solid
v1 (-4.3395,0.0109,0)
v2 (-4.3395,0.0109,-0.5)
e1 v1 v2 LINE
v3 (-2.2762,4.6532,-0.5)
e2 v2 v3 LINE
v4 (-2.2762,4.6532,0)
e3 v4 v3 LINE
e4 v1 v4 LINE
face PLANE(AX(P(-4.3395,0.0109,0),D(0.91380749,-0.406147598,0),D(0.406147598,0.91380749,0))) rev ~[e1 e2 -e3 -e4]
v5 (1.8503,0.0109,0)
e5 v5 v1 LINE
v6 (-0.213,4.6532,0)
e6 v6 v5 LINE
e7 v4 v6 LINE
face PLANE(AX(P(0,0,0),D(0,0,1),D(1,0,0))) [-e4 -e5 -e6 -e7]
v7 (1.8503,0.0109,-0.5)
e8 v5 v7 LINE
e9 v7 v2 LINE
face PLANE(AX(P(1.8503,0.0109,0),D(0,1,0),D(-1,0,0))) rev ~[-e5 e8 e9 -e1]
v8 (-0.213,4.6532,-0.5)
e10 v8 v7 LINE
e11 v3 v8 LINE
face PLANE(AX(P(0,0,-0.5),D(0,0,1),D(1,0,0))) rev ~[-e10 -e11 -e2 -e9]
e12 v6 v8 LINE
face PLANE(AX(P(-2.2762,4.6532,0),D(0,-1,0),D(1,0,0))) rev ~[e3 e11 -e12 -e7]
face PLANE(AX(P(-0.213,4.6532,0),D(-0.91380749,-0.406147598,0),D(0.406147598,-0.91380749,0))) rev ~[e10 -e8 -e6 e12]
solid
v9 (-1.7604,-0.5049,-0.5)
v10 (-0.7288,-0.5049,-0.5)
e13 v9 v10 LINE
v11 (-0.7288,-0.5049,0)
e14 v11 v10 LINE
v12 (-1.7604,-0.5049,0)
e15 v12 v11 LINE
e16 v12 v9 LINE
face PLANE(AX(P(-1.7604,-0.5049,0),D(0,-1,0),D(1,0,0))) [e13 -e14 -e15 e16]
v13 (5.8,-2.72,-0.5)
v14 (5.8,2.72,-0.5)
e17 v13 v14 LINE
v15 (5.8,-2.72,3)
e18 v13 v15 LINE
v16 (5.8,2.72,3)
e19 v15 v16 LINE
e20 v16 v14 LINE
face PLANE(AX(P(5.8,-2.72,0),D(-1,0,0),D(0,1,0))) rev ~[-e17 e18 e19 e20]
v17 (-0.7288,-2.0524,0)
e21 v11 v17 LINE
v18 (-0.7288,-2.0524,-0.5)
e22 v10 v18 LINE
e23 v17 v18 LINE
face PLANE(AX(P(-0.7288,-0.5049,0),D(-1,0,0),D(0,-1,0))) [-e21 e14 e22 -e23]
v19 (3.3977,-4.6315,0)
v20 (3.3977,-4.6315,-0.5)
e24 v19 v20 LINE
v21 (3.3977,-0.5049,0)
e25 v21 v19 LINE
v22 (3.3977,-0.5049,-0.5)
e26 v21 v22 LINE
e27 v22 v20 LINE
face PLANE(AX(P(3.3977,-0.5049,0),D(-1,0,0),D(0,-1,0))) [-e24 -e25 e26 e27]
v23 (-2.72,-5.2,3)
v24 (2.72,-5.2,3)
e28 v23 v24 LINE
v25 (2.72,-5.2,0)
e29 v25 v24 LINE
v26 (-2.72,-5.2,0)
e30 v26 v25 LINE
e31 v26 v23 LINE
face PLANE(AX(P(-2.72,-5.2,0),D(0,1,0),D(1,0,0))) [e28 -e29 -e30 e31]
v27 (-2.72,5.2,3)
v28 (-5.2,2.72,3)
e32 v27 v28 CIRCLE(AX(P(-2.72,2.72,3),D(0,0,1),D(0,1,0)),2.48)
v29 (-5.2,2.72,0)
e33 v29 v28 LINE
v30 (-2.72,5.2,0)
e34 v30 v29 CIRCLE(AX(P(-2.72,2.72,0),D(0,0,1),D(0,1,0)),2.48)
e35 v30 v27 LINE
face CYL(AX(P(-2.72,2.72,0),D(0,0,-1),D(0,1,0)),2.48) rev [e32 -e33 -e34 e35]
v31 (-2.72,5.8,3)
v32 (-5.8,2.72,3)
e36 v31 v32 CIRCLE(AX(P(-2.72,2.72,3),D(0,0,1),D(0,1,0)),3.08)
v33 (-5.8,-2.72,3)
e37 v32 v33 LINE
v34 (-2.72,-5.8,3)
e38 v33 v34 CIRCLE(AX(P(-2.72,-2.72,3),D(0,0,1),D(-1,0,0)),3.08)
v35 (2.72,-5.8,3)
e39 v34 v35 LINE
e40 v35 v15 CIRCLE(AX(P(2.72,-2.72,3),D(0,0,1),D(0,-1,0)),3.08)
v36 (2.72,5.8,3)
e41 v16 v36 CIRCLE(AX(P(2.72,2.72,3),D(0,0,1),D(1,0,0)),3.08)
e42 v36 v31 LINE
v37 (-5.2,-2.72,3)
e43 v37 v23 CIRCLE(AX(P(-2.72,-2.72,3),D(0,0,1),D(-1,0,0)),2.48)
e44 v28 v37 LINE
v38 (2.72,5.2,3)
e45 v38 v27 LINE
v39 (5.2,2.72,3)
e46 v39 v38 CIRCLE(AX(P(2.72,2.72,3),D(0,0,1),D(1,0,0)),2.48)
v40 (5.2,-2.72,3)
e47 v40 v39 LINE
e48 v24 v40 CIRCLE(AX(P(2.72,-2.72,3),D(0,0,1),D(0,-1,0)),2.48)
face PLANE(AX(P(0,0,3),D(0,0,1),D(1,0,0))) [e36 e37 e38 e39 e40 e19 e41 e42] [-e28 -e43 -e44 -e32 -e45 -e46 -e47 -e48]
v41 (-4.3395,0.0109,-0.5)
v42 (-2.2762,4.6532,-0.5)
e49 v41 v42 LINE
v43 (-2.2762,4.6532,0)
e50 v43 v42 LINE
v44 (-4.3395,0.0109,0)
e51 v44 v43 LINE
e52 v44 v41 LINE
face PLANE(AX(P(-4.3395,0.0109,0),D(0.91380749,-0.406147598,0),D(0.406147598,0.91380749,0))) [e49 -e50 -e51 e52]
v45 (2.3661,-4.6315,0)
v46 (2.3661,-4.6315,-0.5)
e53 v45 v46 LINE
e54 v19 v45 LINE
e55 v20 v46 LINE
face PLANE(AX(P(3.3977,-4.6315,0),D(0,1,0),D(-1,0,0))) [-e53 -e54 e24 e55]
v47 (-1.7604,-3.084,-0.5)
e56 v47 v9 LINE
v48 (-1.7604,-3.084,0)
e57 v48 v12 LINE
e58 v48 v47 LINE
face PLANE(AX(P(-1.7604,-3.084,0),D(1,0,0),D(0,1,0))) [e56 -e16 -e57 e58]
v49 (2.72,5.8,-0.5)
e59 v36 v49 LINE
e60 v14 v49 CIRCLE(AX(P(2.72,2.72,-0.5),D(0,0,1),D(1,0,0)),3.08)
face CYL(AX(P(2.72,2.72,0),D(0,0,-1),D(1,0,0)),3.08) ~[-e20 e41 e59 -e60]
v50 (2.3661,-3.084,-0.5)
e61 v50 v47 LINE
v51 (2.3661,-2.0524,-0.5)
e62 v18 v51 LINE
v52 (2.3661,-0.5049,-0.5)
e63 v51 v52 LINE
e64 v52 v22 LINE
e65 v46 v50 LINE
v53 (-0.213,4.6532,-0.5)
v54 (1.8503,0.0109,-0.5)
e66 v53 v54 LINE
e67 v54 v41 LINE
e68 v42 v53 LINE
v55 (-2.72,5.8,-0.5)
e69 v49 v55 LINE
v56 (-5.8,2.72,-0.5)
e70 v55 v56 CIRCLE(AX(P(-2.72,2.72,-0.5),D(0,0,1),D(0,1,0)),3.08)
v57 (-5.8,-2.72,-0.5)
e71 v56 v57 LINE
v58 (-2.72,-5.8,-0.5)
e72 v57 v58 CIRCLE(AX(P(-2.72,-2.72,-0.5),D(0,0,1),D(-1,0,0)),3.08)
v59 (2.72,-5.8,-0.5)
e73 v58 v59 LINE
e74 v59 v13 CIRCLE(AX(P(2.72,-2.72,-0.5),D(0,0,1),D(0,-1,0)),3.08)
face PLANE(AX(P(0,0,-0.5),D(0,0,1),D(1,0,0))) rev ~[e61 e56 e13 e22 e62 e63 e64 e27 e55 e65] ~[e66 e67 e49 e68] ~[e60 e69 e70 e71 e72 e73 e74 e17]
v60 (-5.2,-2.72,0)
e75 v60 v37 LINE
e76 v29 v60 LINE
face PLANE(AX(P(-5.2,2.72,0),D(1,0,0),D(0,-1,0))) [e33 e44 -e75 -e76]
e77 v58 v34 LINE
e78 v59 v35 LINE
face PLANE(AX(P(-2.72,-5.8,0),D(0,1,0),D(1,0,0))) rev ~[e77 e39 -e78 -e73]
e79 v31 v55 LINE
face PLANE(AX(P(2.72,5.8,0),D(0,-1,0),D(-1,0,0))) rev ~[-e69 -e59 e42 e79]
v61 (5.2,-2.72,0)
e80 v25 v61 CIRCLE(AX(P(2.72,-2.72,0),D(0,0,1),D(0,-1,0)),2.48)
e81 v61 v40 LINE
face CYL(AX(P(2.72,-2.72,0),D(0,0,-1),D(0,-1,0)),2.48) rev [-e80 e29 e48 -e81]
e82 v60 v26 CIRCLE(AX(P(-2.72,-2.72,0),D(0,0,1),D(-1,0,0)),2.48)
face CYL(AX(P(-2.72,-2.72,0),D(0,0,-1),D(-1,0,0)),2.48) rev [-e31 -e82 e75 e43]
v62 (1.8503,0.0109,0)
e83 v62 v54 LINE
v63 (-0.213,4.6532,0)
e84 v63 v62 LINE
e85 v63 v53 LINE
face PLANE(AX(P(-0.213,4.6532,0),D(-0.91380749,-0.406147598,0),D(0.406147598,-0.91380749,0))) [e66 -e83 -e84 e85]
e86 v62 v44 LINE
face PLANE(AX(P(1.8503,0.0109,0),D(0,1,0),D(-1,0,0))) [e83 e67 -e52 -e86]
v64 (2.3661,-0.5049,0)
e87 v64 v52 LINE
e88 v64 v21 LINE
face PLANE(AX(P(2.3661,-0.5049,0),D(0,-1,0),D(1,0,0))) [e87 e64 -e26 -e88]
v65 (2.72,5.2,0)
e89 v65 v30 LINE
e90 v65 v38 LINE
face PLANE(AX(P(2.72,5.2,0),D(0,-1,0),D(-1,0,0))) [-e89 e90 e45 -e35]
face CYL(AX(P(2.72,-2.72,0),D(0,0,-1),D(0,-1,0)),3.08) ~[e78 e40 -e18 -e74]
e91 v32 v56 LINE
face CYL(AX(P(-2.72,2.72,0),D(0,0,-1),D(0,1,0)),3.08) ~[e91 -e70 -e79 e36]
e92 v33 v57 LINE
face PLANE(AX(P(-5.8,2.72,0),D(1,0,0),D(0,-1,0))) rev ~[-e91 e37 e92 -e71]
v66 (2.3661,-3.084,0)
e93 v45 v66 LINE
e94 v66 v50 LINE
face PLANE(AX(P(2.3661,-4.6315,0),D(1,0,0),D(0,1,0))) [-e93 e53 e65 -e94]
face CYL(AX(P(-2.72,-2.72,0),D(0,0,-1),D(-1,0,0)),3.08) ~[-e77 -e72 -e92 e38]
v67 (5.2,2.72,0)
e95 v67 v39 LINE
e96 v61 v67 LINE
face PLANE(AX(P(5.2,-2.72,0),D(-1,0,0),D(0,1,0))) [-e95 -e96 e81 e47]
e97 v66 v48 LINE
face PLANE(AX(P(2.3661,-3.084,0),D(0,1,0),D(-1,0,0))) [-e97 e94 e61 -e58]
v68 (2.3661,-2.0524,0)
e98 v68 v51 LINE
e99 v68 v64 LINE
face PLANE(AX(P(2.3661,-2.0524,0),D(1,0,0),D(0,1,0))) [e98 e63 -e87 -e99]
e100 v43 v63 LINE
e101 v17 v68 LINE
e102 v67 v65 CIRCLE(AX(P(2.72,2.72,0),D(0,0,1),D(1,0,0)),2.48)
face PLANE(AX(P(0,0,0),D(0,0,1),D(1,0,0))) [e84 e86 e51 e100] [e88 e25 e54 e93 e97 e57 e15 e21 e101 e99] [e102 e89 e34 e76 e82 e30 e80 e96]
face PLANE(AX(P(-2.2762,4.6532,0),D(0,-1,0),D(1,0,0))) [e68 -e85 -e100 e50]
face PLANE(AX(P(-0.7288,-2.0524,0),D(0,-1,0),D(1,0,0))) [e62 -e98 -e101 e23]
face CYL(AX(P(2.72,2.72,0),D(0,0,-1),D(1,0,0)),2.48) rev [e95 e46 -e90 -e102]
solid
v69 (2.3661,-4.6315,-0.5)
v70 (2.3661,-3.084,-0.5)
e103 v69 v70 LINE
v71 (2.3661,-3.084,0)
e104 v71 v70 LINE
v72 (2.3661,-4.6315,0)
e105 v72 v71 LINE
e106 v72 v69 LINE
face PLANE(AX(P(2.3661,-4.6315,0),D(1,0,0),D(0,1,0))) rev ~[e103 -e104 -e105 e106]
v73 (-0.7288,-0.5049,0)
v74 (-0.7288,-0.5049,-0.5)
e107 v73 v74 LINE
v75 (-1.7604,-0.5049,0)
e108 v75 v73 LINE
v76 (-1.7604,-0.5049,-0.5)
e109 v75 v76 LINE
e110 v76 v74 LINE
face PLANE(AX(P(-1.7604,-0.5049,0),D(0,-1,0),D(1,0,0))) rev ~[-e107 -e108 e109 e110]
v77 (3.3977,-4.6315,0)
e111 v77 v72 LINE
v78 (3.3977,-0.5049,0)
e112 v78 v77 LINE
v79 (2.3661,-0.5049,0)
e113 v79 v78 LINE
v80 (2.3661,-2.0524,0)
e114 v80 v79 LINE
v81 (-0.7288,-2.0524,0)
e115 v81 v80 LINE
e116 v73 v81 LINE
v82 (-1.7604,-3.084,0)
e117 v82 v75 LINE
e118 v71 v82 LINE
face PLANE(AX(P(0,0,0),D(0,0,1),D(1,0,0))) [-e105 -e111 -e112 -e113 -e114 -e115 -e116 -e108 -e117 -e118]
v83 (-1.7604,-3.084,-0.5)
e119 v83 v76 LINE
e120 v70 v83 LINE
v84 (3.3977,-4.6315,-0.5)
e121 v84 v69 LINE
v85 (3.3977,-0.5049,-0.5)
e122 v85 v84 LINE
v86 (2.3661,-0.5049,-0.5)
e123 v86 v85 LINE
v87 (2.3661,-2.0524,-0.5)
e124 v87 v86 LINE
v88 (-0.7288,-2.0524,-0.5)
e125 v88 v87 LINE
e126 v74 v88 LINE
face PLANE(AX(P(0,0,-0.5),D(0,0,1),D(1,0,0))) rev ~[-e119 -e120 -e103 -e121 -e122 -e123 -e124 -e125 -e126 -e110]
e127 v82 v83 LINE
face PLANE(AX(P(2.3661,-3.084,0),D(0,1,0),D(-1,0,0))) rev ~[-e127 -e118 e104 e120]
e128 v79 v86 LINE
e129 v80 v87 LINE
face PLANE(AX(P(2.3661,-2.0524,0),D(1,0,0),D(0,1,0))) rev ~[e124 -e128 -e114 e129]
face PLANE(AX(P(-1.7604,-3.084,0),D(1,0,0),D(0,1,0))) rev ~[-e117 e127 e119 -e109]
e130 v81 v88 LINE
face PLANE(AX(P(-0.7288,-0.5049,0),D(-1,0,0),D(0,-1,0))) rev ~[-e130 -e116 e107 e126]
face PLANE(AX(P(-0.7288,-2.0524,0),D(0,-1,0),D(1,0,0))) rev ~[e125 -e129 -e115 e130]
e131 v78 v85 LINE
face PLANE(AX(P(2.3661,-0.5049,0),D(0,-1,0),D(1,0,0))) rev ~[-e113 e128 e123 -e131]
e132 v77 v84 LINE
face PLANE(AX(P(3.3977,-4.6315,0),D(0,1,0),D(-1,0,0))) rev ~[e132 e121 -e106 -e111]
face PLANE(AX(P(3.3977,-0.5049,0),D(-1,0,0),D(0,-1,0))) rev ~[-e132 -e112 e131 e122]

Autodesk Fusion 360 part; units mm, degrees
sketch "Sketch1" plane through (0, 0, 0) normal (0, 0, 1) x (1, 0, 0)
  line L0 (2.72, 5) -> (-2.72, 5)
  line L1 (-5, 2.72) -> (-5, -2.72)
  line L2 (-2.72, -5) -> (2.72, -5)
  line L3 (5, -2.72) -> (5, 2.72)
  line L4 (5, 5) -> (-5, -5) construction
  line L5 (-5, 5) -> (5, -5) construction
  arc A0 (5, 2.72) -> (2.72, 5) centre (2.72, 2.72) ccw
  arc A1 (2.72, -5) -> (5, -2.72) centre (2.72, -2.72) ccw
  arc A2 (-5, -2.72) -> (-2.72, -5) centre (-2.72, -2.72) ccw
  arc A3 (-2.72, 5) -> (-5, 2.72) centre (-2.72, 2.72) ccw
  line L6 (-2.72, -5.2) -> (2.72, -5.2)
  arc A4 (2.72, -5.2) -> (5.2, -2.72) centre (2.72, -2.72) ccw
  line L7 (5.2, -2.72) -> (5.2, 2.72)
  arc A5 (5.2, 2.72) -> (2.72, 5.2) centre (2.72, 2.72) ccw
  line L8 (2.72, 5.2) -> (-2.72, 5.2)
  arc A6 (-2.72, 5.2) -> (-5.2, 2.72) centre (-2.72, 2.72) ccw
  line L9 (-5.2, 2.72) -> (-5.2, -2.72)
  arc A7 (-5.2, -2.72) -> (-2.72, -5.2) centre (-2.72, -2.72) ccw
  line L10 (-2.72, -5.8) -> (2.72, -5.8)
  arc A8 (2.72, -5.8) -> (5.8, -2.72) centre (2.72, -2.72) ccw
  line L11 (5.8, -2.72) -> (5.8, 2.72)
  arc A9 (5.8, 2.72) -> (2.72, 5.8) centre (2.72, 2.72) ccw
  line L12 (2.72, 5.8) -> (-2.72, 5.8)
  arc A10 (-2.72, 5.8) -> (-5.8, 2.72) centre (-2.72, 2.72) ccw
  line L13 (-5.8, 2.72) -> (-5.8, -2.72)
  arc A11 (-5.8, -2.72) -> (-2.72, -5.8) centre (-2.72, -2.72) ccw
  dimension "d1" = 10
  dimension "d2" = 10
  dimension "d3" = 2.28
  dimension "d4" = 0.2
  dimension "d5" = 0.8
extrude "Extrude1" add sketch "Sketch1" along normal blind 3 contours L10 A8 L11 A9 L12 A10 L13 A11 makes body 1
extrude "Extrude2" add sketch "Sketch1" against normal blind 0.5 contours L0 L1 L2 L3 A0 A1 A2 A3 | L6 A4 L7 A5 L8 A6 L9 A7 | L10 A8 L11 A9 L12 A10 L13 A11 bodies 1
sketch "Sketch3" plane through (0, 0, 0) normal (0, 0, 1) x (1, 0, 0)
  line L0 (-2.72, -5.2) -> (2.72, -5.2)
  arc A0 (2.72, -5.2) -> (5.2, -2.72) centre (2.72, -2.72) ccw
  line L1 (5.2, -2.72) -> (5.2, 2.72)
  arc A1 (5.2, 2.72) -> (2.72, 5.2) centre (2.72, 2.72) ccw
  line L2 (2.72, 5.2) -> (-2.72, 5.2)
  arc A2 (-2.72, 5.2) -> (-5.2, 2.72) centre (-2.72, 2.72) ccw
  line L3 (-5.2, 2.72) -> (-5.2, -2.72)
  arc A3 (-5.2, -2.72) -> (-2.72, -5.2) centre (-2.72, -2.72) ccw
  line L4 (-0.213, 4.6532) -> (1.8503, 0.0109)
  line L5 (1.8503, 0.0109) -> (-4.3395, 0.0109)
  line L6 (-4.3395, 0.0109) -> (-2.2762, 4.6532)
  line L7 (-2.2762, 4.6532) -> (-0.213, 4.6532)
  line L8 (3.3977, -0.5049) -> (3.3977, -4.6315)
  line L9 (3.3977, -4.6315) -> (2.3661, -4.6315)
  line L10 (2.3661, -4.6315) -> (2.3661, -3.084)
  line L11 (2.3661, -3.084) -> (-1.7604, -3.084)
  line L12 (-1.7604, -3.084) -> (-1.7604, -0.5049)
  line L13 (-1.7604, -0.5049) -> (-0.7288, -0.5049)
  line L14 (-0.7288, -0.5049) -> (-0.7288, -2.0524)
  line L15 (-0.7288, -2.0524) -> (2.3661, -2.0524)
  line L16 (2.3661, -2.0524) -> (2.3661, -0.5049)
  line L17 (2.3661, -0.5049) -> (3.3977, -0.5049)
extrude "Extrude3" cut sketch "Sketch3" against normal blind 0.5 contours L4 L5 L6 L7 | L8 L9 L10 L11 L12 L13 L14 L15 L16 L17 bodies 1
extrude "Extrude4" add sketch "Sketch3" against normal blind 0.5 separate body contours L4 L5 L6 L7 | L8 L9 L10 L11 L12 L13 L14 L15 L16 L17 makes body 2 at (-0.9007, 1.5583, 0) makes body 3 at (3.0539, -2.3963, 0)
sketch "Sketch2" plane through (0, 0, 0) normal (0, 0, 1) x (1, 0, 0)
  line L0 (-2.72, -5.2) -> (2.72, -5.2)
  arc A0 (2.72, -5.2) -> (5.2, -2.72) centre (2.72, -2.72) ccw
  line L1 (5.2, -2.72) -> (5.2, 2.72)
  arc A1 (5.2, 2.72) -> (2.72, 5.2) centre (2.72, 2.72) ccw
  line L2 (2.72, 5.2) -> (-2.72, 5.2)
  arc A2 (-2.72, 5.2) -> (-5.2, 2.72) centre (-2.72, 2.72) ccw
  line L3 (-5.2, 2.72) -> (-5.2, -2.72)
  arc A3 (-5.2, -2.72) -> (-2.72, -5.2) centre (-2.72, -2.72) ccw
  line L4 (-0.0982, 4.7234) -> (-2.1626, 0.0785)
  line L5 (-2.1626, 0.0785) -> (4.0305, 0.0785)
  line L6 (4.0305, 0.0785) -> (1.9662, 4.7234)
  line L7 (1.9662, 4.7234) -> (-0.0982, 4.7234)
  line L8 (-3.7109, -0.4376) -> (-3.7109, -4.5664)
  line L9 (-3.7109, -4.5664) -> (-2.6787, -4.5664)
  line L10 (-2.6787, -4.5664) -> (-2.6787, -3.0181)
  line L11 (-2.6787, -3.0181) -> (1.4501, -3.0181)
  line L12 (1.4501, -3.0181) -> (1.4501, -0.4376)
  line L13 (1.4501, -0.4376) -> (0.4179, -0.4376)
  line L14 (0.4179, -0.4376) -> (0.4179, -1.9859)
  line L15 (0.4179, -1.9859) -> (-2.6787, -1.9859)
  line L16 (-2.6787, -1.9859) -> (-2.6787, -0.4376)
  line L17 (-2.6787, -0.4376) -> (-3.7109, -0.4376)
